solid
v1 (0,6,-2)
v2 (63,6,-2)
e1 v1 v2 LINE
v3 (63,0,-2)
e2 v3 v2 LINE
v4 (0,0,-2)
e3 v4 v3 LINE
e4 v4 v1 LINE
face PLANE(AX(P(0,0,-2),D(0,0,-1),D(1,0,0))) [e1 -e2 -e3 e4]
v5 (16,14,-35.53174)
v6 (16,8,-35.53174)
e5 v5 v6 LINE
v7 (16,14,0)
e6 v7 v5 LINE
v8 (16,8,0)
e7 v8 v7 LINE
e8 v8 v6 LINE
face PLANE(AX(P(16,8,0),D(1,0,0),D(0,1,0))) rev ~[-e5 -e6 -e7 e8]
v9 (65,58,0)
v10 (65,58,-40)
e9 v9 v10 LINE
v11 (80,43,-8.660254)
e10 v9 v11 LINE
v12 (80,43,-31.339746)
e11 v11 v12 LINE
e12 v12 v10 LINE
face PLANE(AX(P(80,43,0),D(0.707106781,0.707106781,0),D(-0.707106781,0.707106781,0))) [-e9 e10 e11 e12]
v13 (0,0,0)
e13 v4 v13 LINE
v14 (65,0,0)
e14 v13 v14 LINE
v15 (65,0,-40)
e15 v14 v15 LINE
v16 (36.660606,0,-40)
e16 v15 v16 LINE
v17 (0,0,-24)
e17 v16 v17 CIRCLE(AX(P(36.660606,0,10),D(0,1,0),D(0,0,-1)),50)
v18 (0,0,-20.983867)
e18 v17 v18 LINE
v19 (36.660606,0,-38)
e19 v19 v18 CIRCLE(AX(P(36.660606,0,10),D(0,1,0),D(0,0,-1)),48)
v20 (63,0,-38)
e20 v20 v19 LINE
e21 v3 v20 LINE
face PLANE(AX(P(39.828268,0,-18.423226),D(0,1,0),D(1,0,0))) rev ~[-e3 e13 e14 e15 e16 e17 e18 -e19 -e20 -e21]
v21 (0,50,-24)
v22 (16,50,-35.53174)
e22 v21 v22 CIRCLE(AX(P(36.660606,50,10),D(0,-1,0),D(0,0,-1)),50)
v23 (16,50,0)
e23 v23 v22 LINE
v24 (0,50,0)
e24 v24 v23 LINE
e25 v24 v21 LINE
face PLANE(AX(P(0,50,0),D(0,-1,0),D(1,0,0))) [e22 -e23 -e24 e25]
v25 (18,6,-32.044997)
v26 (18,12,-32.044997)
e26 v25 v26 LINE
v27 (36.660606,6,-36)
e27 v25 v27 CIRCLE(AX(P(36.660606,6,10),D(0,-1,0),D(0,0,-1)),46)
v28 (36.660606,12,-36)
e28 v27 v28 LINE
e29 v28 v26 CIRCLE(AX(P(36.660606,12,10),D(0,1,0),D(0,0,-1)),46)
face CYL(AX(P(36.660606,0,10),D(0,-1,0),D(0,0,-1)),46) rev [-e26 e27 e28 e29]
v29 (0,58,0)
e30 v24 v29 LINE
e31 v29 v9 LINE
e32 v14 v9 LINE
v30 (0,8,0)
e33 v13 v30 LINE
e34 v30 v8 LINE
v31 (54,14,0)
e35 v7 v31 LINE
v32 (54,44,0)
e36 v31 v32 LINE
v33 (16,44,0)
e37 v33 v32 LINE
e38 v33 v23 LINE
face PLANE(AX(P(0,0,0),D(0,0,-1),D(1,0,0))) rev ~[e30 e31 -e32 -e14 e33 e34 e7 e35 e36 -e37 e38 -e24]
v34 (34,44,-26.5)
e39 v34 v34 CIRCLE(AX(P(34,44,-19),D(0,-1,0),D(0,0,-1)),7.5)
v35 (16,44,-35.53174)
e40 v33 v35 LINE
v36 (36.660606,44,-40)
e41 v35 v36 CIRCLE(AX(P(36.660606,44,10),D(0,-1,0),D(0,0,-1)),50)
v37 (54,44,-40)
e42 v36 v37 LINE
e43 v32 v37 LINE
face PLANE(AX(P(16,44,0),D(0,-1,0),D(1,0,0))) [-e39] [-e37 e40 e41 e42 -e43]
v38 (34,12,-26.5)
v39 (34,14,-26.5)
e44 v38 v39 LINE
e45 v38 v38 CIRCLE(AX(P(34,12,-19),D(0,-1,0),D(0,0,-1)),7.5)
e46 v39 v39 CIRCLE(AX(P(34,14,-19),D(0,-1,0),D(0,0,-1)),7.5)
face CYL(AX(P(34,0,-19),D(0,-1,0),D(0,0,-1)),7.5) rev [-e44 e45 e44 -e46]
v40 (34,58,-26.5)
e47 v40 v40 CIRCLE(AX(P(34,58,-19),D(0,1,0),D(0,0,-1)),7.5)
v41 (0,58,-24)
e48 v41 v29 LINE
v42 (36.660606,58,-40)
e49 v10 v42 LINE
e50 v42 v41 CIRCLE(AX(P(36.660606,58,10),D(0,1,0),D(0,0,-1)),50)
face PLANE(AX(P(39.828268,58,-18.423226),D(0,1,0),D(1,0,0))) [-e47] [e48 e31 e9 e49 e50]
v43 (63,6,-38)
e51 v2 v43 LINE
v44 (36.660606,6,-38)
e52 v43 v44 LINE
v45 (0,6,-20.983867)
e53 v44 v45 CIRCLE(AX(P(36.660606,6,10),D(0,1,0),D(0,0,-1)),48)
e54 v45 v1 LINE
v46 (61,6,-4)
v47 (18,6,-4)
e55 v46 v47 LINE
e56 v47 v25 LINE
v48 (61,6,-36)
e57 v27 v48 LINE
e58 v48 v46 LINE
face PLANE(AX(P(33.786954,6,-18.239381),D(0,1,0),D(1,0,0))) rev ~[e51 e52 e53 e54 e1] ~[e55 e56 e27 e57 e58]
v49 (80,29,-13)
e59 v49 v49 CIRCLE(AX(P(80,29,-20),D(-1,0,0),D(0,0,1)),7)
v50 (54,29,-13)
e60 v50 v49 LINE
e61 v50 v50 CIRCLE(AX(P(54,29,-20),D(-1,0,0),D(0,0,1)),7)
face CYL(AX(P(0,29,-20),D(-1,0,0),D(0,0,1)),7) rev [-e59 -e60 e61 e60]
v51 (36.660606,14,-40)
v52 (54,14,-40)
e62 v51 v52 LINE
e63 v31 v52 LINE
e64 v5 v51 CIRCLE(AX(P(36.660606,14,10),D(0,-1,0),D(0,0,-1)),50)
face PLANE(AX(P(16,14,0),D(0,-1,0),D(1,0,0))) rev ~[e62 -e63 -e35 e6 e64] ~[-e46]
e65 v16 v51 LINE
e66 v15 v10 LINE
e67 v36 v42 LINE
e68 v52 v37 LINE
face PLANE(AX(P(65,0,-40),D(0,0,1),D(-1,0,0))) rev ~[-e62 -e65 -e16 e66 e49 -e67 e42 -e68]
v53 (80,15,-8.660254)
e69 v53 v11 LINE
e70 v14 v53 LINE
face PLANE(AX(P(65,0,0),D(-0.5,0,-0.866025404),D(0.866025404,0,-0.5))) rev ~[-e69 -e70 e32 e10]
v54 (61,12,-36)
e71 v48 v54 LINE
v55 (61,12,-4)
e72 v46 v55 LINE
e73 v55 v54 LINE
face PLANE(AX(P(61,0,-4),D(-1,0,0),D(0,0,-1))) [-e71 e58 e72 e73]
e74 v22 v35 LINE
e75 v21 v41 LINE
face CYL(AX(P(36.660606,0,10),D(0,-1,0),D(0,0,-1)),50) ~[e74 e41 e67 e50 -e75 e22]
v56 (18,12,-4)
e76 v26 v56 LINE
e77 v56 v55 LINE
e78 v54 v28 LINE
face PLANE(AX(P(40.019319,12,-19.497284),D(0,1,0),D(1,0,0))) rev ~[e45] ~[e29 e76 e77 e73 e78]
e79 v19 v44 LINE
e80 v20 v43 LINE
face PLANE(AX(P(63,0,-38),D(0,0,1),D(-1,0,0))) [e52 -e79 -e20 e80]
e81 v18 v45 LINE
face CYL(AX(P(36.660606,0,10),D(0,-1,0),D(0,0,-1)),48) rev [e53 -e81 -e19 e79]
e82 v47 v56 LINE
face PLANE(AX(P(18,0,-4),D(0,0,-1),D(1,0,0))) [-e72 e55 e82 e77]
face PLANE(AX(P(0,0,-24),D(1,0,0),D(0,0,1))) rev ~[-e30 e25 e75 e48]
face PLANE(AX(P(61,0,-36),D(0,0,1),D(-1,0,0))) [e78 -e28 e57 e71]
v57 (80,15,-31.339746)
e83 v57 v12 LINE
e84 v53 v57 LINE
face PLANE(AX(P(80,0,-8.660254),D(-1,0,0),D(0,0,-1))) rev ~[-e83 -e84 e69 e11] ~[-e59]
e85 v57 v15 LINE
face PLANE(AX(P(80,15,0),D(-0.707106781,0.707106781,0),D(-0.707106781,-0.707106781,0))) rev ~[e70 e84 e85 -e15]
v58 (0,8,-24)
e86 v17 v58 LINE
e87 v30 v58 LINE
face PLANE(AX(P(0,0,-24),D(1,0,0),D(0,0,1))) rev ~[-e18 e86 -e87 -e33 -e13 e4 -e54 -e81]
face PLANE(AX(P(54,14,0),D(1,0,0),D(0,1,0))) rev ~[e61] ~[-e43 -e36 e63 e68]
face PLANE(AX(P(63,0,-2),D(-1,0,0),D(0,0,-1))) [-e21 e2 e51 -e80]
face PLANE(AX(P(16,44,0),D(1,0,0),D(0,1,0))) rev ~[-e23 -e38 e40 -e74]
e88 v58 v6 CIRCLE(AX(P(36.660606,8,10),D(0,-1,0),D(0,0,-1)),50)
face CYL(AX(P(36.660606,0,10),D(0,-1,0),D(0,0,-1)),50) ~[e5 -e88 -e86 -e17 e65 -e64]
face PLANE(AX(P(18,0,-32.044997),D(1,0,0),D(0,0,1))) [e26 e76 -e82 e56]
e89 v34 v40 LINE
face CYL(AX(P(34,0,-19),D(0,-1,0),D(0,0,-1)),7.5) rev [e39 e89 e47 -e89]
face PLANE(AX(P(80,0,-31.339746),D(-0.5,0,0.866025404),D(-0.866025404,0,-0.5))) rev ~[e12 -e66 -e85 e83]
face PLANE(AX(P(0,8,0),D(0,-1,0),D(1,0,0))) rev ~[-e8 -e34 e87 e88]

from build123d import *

# Parameters (mm, degrees)
SKETCH1_R           = 7.5
BOSS_EXTRUDE1_DEPTH = 58
SKETCH2_W           = 38
SKETCH2_H           = 30
SKETCH2_W_2         = 16
SKETCH2_H_2         = 42
CUT_EXTRUDE1_DEPTH  = 58
CUT_EXTRUDE2_DEPTH  = 58
SKETCH4_R           = 7
CUT_EXTRUDE3_DEPTH  = 108
CUT_EXTRUDE4_DEPTH  = 6
CUT_EXTRUDE5_DEPTH  = 12


with BuildPart() as part:
    # Sketch1 → Boss-Extrude1 (new body)
    with BuildSketch(Plane(origin=(0, 0, 0), x_dir=(1, 0, 0), z_dir=(0, 1, 0))):
        with BuildLine():
            Line((0, 0), (65, 0))
            Line((65, 0), (80, 8.660254038))
            Line((80, 8.660254038), (80, 31.339745962))
            Line((80, 31.339745962), (65, 40))
            Line((65, 40), (36.66060556, 40))
            ThreePointArc((36.66060556, 40), (16.66060556, 35.82575695), (0, 24))
            Line((0, 24), (0, 0))
        make_face()
        with Locations(Location((34, 19, 0), (0, 0, 90))):
            Circle(SKETCH1_R, mode=Mode.SUBTRACT)
    extrude(amount=BOSS_EXTRUDE1_DEPTH)

    # Sketch2 → Cut-Extrude1 (cut)
    with BuildSketch(Plane.XY):
        with Locations((35, 29)):
            Rectangle(SKETCH2_W, SKETCH2_H)
        with Locations((8, 29)):
            Rectangle(SKETCH2_W_2, SKETCH2_H_2)
    extrude(amount=-CUT_EXTRUDE1_DEPTH, mode=Mode.SUBTRACT)

    # Sketch3 → Cut-Extrude2 (cut)
    with BuildSketch(Plane.XY):
        Polygon((65, 58), (80, 58), (80, 43), align=None)
        Polygon((65, 0), (80, 0), (80, 15), align=None)
    extrude(amount=-CUT_EXTRUDE2_DEPTH, mode=Mode.SUBTRACT)

    # Sketch4 → Cut-Extrude3 (cut)
    with BuildSketch(Plane(origin=(0, 0, 0), x_dir=(0, 0, -1), z_dir=(1, 0, 0))):
        with Locations(Location((20, 29, 0), (0, 0, 180))):
            Circle(SKETCH4_R)
    extrude(amount=CUT_EXTRUDE3_DEPTH, mode=Mode.SUBTRACT)

    # Sketch5 → Cut-Extrude4 (cut)
    with BuildSketch(Plane(origin=(0, 0, 0), x_dir=(1, 0, 0), z_dir=(0, 1, 0))):
        with BuildLine():
            Line((0, 20.98386677), (0, 2))
            Line((0, 2), (63, 2))
            Line((63, 2), (63, 38))
            Line((63, 38), (36.66060556, 38))
            ThreePointArc((36.66060556, 38), (16.452013389, 33.538635744), (0, 20.98386677))
        make_face()
    extrude(amount=CUT_EXTRUDE4_DEPTH, mode=Mode.SUBTRACT)

    # Sketch7 → Cut-Extrude5 (cut)
    with BuildSketch(Plane(origin=(0, 0, 0), x_dir=(1, 0, 0), z_dir=(0, 1, 0))):
        with BuildLine():
            Line((18, 32.044997326), (18, 4))
            Line((18, 4), (61, 4))
            Line((61, 4), (61, 36))
            Line((61, 36), (36.66060556, 36))
            ThreePointArc((36.66060556, 36), (27.123044996, 35.000388204), (18, 32.044997326))
        make_face()
    extrude(amount=CUT_EXTRUDE5_DEPTH, mode=Mode.SUBTRACT)


solid = part.part
